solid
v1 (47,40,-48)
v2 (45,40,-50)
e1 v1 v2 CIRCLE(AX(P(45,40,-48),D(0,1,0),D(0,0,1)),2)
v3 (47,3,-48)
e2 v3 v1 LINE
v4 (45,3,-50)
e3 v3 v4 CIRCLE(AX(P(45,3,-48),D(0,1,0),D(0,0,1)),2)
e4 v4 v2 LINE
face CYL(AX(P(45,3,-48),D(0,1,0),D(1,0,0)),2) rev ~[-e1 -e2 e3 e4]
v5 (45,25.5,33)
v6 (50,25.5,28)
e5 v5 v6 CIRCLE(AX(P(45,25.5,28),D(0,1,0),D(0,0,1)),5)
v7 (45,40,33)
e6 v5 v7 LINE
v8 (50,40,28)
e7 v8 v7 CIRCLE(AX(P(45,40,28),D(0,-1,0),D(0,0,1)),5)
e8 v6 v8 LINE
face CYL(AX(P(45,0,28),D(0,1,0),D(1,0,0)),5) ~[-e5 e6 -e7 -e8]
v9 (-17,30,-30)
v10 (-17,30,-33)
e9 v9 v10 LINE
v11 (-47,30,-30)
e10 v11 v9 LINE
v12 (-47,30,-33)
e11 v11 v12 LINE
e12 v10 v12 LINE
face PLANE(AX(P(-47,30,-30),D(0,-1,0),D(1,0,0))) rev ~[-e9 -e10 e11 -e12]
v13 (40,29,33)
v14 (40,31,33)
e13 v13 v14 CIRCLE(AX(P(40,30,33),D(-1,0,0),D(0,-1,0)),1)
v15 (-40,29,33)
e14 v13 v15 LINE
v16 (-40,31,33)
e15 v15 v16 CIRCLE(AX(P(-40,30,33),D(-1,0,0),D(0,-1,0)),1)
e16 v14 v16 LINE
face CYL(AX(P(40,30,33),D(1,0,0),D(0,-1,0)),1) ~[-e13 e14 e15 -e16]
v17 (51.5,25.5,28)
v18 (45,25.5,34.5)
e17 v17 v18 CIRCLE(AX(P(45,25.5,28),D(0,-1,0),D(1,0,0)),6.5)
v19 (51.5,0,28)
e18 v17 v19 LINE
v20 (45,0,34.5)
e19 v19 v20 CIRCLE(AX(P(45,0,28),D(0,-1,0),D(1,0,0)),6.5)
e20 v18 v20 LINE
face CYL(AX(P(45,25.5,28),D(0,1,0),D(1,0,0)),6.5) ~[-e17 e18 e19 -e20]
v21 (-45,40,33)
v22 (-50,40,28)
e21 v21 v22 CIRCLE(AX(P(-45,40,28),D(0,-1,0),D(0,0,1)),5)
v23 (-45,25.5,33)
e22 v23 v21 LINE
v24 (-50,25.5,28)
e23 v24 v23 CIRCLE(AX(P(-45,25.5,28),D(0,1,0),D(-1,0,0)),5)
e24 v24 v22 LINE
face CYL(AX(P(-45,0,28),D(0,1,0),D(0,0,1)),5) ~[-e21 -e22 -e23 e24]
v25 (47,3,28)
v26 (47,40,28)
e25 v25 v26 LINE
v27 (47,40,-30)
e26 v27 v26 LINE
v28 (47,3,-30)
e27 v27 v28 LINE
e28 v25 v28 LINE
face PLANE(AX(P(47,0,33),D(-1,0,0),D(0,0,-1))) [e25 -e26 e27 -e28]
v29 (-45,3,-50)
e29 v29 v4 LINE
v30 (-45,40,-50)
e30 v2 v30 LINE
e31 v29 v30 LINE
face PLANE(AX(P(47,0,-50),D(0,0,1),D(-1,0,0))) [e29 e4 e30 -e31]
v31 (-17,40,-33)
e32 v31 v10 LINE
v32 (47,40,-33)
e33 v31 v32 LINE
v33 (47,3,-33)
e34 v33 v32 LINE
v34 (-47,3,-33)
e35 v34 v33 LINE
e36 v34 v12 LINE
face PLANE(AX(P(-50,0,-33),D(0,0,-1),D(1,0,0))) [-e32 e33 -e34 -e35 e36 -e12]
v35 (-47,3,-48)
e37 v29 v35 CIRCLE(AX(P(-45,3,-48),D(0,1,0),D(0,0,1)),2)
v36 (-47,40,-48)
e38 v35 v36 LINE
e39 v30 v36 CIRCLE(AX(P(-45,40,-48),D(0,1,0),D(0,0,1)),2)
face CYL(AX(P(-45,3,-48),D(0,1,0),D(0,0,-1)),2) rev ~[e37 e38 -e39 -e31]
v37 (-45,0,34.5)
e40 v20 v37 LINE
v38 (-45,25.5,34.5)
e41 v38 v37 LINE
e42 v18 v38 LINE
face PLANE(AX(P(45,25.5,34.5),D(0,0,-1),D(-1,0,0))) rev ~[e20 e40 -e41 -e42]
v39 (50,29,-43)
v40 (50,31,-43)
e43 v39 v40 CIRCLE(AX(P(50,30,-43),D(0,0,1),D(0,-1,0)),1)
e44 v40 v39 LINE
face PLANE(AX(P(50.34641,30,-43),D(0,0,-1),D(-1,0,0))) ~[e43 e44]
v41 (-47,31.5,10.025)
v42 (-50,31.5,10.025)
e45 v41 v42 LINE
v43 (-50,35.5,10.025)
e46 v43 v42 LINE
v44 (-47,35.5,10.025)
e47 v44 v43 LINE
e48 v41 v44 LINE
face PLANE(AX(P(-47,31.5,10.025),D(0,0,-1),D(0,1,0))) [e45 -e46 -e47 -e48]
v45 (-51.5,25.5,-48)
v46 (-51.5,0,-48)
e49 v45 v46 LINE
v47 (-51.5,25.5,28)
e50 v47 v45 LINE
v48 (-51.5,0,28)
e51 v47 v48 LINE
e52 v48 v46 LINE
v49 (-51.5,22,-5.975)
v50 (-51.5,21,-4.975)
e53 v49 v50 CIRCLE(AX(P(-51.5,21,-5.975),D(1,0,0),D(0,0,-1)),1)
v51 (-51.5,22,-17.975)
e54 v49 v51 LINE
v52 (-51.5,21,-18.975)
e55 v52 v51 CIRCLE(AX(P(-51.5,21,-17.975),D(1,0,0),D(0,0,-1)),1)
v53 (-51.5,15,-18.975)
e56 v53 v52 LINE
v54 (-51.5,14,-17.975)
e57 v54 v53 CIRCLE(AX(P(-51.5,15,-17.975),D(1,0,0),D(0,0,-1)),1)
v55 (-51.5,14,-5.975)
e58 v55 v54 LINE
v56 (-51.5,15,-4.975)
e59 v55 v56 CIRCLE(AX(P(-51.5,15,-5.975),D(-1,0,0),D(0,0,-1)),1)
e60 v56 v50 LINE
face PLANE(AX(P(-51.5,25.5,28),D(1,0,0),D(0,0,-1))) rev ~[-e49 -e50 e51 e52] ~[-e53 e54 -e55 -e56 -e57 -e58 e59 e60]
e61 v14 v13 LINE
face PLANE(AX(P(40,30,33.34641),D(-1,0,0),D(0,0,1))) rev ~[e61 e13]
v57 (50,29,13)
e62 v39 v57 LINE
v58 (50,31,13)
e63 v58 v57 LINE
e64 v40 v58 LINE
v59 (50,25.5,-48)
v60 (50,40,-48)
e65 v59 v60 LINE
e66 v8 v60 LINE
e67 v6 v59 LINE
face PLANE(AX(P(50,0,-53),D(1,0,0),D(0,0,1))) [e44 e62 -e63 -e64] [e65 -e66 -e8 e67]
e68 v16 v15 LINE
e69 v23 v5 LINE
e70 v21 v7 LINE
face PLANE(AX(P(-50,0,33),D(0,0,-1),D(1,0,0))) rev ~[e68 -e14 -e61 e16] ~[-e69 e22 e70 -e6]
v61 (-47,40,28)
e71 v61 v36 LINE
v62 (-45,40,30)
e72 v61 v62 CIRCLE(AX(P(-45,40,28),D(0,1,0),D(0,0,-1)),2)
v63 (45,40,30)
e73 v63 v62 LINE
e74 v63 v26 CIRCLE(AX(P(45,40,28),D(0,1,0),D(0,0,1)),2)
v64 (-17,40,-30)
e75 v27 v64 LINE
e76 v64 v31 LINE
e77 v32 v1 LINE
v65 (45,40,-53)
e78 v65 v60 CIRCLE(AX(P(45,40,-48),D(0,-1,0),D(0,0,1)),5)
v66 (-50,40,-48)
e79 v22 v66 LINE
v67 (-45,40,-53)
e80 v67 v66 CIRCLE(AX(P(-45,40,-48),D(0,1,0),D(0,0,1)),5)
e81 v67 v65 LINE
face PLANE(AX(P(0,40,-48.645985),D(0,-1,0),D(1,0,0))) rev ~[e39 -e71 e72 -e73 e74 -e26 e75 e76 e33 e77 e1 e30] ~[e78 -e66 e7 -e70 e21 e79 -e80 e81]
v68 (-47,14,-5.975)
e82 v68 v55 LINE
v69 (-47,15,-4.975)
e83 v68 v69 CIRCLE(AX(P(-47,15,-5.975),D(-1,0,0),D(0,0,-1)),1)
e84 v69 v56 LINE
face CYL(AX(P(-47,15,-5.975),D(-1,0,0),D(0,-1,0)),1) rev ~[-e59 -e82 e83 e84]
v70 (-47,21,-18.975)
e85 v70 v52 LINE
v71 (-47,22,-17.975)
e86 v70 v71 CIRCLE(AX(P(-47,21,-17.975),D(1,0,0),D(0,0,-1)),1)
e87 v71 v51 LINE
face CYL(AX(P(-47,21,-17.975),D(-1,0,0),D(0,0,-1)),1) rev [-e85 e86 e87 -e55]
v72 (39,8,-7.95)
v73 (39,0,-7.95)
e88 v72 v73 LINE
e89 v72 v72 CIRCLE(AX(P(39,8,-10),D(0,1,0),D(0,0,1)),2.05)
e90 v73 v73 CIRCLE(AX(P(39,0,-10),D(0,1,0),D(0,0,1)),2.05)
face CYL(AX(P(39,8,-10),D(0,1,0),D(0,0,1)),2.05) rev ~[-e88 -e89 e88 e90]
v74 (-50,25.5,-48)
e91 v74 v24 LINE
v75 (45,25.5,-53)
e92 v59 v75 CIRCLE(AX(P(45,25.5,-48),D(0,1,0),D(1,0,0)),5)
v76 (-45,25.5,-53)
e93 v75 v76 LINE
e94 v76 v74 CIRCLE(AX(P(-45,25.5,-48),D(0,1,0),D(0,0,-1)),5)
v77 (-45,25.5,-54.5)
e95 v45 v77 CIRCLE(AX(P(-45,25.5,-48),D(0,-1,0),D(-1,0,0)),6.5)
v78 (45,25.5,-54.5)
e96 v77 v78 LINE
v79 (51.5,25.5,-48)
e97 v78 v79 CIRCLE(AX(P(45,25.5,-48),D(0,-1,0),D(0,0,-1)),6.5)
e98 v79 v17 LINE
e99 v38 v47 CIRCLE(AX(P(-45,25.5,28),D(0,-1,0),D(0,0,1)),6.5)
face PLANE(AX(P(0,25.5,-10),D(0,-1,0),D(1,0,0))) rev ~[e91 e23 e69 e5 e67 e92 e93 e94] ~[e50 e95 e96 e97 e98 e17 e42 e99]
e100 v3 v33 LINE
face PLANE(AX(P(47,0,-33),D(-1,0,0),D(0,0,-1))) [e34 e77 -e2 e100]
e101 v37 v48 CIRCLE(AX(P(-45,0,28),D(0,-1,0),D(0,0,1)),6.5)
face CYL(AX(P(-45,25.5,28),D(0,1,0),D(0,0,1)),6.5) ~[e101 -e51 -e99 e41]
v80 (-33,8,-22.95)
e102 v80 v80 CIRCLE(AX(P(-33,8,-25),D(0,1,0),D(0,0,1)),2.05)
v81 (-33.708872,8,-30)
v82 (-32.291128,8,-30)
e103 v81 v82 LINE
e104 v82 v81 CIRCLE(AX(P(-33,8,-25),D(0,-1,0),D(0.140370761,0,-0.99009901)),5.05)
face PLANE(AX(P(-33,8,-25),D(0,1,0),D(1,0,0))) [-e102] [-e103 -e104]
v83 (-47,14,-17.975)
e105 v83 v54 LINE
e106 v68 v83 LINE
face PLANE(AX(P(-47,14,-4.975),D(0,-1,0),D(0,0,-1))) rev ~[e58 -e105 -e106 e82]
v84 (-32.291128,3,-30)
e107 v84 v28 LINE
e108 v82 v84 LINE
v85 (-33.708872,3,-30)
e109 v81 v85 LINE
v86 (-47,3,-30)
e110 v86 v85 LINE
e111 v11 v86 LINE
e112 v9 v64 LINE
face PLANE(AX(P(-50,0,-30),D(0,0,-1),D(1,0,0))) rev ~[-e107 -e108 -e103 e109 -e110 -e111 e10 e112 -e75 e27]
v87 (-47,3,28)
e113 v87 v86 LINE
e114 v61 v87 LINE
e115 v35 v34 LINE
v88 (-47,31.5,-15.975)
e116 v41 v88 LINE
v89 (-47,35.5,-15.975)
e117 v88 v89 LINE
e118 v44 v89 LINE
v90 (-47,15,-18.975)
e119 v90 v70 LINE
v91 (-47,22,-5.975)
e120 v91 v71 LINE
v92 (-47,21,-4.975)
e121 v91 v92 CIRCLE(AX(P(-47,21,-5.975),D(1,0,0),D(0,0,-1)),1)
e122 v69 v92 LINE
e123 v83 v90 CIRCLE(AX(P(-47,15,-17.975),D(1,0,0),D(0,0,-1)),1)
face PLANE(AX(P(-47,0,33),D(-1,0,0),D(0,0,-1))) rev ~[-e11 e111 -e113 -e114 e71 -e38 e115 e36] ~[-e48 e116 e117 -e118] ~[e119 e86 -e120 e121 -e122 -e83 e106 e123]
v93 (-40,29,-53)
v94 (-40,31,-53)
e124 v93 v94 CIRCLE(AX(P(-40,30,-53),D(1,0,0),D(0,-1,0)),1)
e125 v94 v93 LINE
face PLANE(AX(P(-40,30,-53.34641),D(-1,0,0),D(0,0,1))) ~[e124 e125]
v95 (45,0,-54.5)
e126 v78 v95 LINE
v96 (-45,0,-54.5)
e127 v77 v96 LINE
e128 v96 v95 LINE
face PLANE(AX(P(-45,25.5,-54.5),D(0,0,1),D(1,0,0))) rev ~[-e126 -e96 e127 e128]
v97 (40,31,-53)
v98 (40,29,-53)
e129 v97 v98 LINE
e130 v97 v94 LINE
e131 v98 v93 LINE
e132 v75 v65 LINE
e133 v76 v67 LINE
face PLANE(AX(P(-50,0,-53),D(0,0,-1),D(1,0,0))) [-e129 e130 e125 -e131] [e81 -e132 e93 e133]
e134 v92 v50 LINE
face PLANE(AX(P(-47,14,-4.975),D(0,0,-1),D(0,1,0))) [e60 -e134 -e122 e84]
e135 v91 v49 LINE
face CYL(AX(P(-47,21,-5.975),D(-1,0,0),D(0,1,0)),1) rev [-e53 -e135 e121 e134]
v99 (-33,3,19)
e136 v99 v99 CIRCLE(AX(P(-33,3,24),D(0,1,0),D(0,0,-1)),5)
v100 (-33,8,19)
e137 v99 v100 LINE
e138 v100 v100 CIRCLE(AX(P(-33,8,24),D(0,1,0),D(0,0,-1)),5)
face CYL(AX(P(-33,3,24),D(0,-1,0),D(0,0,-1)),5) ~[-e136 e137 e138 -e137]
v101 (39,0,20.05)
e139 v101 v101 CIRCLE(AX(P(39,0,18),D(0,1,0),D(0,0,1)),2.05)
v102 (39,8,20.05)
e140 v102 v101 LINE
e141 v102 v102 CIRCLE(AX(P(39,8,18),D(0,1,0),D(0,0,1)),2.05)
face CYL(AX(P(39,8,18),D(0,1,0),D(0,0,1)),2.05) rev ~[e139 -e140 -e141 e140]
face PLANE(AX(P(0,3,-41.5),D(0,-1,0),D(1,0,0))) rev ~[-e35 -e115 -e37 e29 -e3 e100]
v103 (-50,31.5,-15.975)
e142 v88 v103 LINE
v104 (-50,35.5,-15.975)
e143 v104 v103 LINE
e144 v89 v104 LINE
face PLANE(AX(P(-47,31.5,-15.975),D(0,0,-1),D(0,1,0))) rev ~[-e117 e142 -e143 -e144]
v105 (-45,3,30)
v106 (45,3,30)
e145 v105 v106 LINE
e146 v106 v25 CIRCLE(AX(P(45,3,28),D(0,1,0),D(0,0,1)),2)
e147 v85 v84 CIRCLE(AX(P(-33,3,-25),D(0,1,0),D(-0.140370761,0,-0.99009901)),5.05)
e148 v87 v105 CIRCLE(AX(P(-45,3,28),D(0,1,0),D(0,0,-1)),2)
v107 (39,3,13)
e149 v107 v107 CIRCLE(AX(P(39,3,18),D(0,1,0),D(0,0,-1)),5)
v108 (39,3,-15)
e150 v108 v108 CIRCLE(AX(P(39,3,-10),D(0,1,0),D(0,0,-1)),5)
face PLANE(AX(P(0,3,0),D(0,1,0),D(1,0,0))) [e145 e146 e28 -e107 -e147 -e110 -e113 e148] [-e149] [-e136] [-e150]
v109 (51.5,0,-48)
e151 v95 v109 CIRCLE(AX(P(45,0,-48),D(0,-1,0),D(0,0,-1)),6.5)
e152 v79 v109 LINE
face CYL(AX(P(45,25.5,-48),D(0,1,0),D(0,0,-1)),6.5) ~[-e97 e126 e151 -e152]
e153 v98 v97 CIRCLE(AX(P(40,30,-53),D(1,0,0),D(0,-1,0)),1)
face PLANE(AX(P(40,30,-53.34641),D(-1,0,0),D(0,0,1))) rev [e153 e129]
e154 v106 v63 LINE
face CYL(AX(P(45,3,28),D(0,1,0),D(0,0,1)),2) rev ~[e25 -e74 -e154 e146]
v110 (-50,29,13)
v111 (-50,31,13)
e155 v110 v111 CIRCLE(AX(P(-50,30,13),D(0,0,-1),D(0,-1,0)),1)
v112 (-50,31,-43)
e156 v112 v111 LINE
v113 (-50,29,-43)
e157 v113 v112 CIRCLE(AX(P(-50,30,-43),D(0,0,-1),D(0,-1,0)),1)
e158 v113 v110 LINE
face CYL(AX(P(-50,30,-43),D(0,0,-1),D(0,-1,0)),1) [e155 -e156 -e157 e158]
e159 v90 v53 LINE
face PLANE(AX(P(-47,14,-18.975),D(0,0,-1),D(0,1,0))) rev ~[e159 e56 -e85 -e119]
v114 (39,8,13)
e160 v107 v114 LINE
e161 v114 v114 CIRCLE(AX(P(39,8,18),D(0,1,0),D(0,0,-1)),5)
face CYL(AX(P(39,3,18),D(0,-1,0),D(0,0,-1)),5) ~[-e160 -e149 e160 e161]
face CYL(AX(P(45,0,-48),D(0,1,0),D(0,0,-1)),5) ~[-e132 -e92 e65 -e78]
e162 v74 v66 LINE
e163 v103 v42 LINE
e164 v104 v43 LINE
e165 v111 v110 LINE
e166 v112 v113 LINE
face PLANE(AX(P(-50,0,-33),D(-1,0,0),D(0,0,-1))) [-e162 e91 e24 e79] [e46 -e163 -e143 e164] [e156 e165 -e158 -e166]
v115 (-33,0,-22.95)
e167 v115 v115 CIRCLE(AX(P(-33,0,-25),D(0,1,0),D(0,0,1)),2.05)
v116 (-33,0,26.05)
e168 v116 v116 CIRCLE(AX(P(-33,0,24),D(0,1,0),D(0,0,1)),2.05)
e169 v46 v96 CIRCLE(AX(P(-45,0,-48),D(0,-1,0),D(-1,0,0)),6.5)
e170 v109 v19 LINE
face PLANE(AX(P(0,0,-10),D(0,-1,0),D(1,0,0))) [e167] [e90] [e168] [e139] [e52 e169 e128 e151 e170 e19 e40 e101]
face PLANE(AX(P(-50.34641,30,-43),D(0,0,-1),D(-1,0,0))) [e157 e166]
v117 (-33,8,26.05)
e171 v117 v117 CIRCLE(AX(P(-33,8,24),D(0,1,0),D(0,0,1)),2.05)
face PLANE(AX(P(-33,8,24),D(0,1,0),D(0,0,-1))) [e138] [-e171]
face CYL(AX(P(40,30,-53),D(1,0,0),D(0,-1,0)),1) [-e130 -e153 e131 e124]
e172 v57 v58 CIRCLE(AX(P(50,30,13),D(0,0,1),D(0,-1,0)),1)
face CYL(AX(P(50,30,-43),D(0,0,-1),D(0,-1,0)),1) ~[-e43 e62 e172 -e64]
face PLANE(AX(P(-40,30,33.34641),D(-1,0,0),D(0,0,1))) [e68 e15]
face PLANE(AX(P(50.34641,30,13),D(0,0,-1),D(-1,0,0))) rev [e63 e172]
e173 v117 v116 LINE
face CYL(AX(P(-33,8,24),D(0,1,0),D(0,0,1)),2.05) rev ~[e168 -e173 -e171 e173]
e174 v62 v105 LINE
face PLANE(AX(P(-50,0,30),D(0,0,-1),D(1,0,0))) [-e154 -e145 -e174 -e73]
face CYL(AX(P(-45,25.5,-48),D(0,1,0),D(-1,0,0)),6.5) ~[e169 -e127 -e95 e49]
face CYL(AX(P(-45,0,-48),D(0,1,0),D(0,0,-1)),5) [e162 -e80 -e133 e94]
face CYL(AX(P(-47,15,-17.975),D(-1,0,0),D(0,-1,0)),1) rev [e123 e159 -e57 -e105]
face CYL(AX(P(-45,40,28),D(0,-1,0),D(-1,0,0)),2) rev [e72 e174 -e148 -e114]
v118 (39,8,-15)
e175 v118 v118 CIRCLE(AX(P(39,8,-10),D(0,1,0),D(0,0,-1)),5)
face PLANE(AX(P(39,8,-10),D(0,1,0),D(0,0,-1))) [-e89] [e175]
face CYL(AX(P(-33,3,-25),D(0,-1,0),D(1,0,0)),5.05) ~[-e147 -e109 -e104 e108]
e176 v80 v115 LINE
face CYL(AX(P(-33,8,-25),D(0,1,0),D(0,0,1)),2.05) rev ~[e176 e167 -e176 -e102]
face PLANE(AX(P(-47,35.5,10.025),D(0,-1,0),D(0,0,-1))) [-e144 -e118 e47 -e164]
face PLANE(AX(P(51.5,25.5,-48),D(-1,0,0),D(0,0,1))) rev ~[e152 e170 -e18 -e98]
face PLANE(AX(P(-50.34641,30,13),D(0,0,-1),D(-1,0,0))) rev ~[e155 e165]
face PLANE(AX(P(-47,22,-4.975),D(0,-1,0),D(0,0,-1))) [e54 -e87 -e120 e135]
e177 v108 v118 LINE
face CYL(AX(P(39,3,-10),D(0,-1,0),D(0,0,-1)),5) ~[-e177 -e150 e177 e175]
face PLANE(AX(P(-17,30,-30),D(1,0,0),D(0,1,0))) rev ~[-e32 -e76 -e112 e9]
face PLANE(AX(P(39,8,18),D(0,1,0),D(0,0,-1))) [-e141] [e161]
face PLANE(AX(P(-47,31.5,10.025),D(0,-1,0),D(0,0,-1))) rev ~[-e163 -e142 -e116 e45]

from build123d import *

# Parameters (mm, degrees)
ESQUISSE1_W             = 100
ESQUISSE1_H             = 66
BOSS_EXTRU_1_DEPTH      = 40
COQUE1_T                = -3
BOSS_EXTRU_2_DEPTH      = 40
ESQUISSE3_W             = 94
ESQUISSE3_H             = 17
BOSS_EXTRU_3_DEPTH      = 3
CONG_1_R                = 2
CONG_2_R                = 5
BOSS_EXTRU_4_START      = -10
BOSS_EXTRU_4_DEPTH      = 80
BOSS_EXTRU_5_START      = -10
BOSS_EXTRU_5_DEPTH      = 56
ESQUISSE6_W             = 30
ESQUISSE6_H             = 10
ENL_V_MAT_EXTRU_1_DEPTH = 5
ESQUISSE7_R             = 5.05
ESQUISSE7_R_2           = 5
BOSS_EXTRU_6_DEPTH      = 5
ESQUISSE8_R             = 2.05
ENL_V_MAT_EXTRU_2_DEPTH = 81.876448982
BOSS_EXTRU_7_START      = -25.5
BOSS_EXTRU_7_DEPTH      = 25.5
ESQUISSE11_W            = 14
ESQUISSE11_H            = 8
ENL_V_MAT_EXTRU_4_DEPTH = 10
CONG_3_R                = 1
ESQUISSE12_W            = 26
ESQUISSE12_H            = 4
ENL_V_MAT_EXTRU_5_DEPTH = 10


with BuildPart() as part:
    # Esquisse1 → Boss.-Extru.1 (new body)
    with BuildSketch(Plane(origin=(0, 0, 0), x_dir=(1, 0, 0), z_dir=(0, 1, 0))):
        Rectangle(ESQUISSE1_W, ESQUISSE1_H)
    extrude(amount=BOSS_EXTRU_1_DEPTH)

    # Coque1
    coque1_openings = [part.faces().sort_by_distance(p)[0] for p in [
        (0, 40, 0),
    ]]
    offset(amount=COQUE1_T, openings=coque1_openings, kind=Kind.INTERSECTION)

    # Esquisse2 → Boss.-Extru.2 (add)
    with BuildSketch(Plane.XZ):
        Polygon((-50, -33), (-50, -53), (50, -53), (50, -33), (47, -33), (47, -50), (-47, -50), (-47, -33), align=None)
    extrude(amount=-BOSS_EXTRU_2_DEPTH)

    # Esquisse3 → Boss.-Extru.3 (add)
    with BuildSketch(Plane.XZ):
        with Locations((0, -41.5)):
            Rectangle(ESQUISSE3_W, ESQUISSE3_H)
    extrude(amount=-BOSS_EXTRU_3_DEPTH)

    # Congé1
    cong_1_edges = [part.edges().sort_by_distance(p)[0] for p in [
        (47, 21.5, 30),
        (-47, 21.5, 30),
        (-47, 21.5, -50),
        (47, 21.5, -50),
    ]]
    fillet(cong_1_edges, radius=CONG_1_R)

    # Congé2
    cong_2_edges = [part.edges().sort_by_distance(p)[0] for p in [
        (50, 20, -53),
        (-50, 20, -53),
        (50, 20, 33),
        (-50, 20, 33),
    ]]
    fillet(cong_2_edges, radius=CONG_2_R)

    # Esquisse4 → Boss.-Extru.4 (add)
    with BuildSketch(Plane(origin=(50, 0, 0), x_dir=(0, 0, -1), z_dir=(1, 0, 0)).offset(BOSS_EXTRU_4_START)):
        with BuildLine():
            Line((-33, 31), (-33, 29))
            ThreePointArc((-33, 29), (-34, 30), (-33, 31))
        make_face()
    boss_extru_4 = extrude(amount=-BOSS_EXTRU_4_DEPTH)

    # Symétrie1: Boss.-Extru.4 across plane
    add(boss_extru_4.mirror(Plane(origin=(0, 0, -10), x_dir=(1, 0, 0), z_dir=(0, 0, -1))))

    # Esquisse5 → Boss.-Extru.5 (add)
    with BuildSketch(Plane(origin=(0, 0, -53), x_dir=(-1, 0, 0), z_dir=(0, 0, -1)).offset(BOSS_EXTRU_5_START)):
        with BuildLine():
            Line((50, 31), (50, 29))
            ThreePointArc((50, 29), (51, 30), (50, 31))
        make_face()
    boss_extru_5 = extrude(amount=-BOSS_EXTRU_5_DEPTH)

    # Symétrie2: Boss.-Extru.5 across plane
    add(boss_extru_5.mirror(Plane(origin=(0, 0, 0), x_dir=(0, 0, 1), z_dir=(1, 0, 0))))

    # Esquisse6 → Enlèv. mat.-Extru.1 (cut)
    with BuildSketch(Plane.XY.offset(-30)):
        with Locations((-32, 35)):
            Rectangle(ESQUISSE6_W, ESQUISSE6_H)
    extrude(amount=-ENL_V_MAT_EXTRU_1_DEPTH, mode=Mode.SUBTRACT)

    # Esquisse7 → Boss.-Extru.6 (add)
    with BuildSketch(Plane(origin=(0, 3, 0), x_dir=(1, 0, 0), z_dir=(0, 1, 0))):
        with Locations((-33, 25)):
            Circle(ESQUISSE7_R)
        with Locations(Location((-33, -24, 0), (0, 0, 90))):
            Circle(ESQUISSE7_R_2)
        with Locations(Location((39, -18, 0), (0, 0, 90))):
            Circle(ESQUISSE7_R_2)
        with Locations(Location((39, 10, 0), (0, 0, 90))):
            Circle(ESQUISSE7_R_2)
    extrude(amount=BOSS_EXTRU_6_DEPTH)

    # Esquisse8 → Enlèv. mat.-Extru.2 (cut, through all)
    with BuildSketch(Plane(origin=(0, 8, 0), x_dir=(1, 0, 0), z_dir=(0, 1, 0))):
        with Locations(Location((-33, 25, 0), (0, 0, 270))):
            Circle(ESQUISSE8_R)
        with Locations(Location((-33, -24, 0), (0, 0, 270))):
            Circle(ESQUISSE8_R)
        with Locations(Location((39, 10, 0), (0, 0, 270))):
            Circle(ESQUISSE8_R)
        with Locations(Location((39, -18, 0), (0, 0, 270))):
            Circle(ESQUISSE8_R)
    extrude(amount=-ENL_V_MAT_EXTRU_2_DEPTH, mode=Mode.SUBTRACT)

    # Esquisse10 → Boss.-Extru.7 (add)
    with BuildSketch(Plane.XZ.offset(BOSS_EXTRU_7_START)):
        with BuildLine():
            Line((-51.5, 28), (-51.5, -48))
            ThreePointArc((-51.5, -48), (-49.596194078, -52.596194078), (-45, -54.5))
            Line((-45, -54.5), (45, -54.5))
            ThreePointArc((45, -54.5), (49.596194078, -52.596194078), (51.5, -48))
            Line((51.5, -48), (51.5, 28))
            ThreePointArc((51.5, 28), (49.596194078, 32.596194078), (45, 34.5))
            Line((45, 34.5), (-45, 34.5))
            ThreePointArc((-45, 34.5), (-49.596194078, 32.596194078), (-51.5, 28))
        make_face()
        with BuildLine():
            Line((50, 28), (50, -48))
            ThreePointArc((50, -48), (48.535533906, -51.535533906), (45, -53))
            Line((45, -53), (-45, -53))
            ThreePointArc((-45, -53), (-48.535533906, -51.535533906), (-50, -48))
            Line((-50, -48), (-50, 28))
            ThreePointArc((-50, 28), (-48.535533906, 31.535533906), (-45, 33))
            Line((-45, 33), (45, 33))
            ThreePointArc((45, 33), (48.535533906, 31.535533906), (50, 28))
        make_face(mode=Mode.SUBTRACT)
    extrude(amount=BOSS_EXTRU_7_DEPTH)

    # Esquisse11 → Enlèv. mat.-Extru.4 (cut)
    with BuildSketch(Plane(origin=(-47, 0, 0), x_dir=(0, 0, -1), z_dir=(1, 0, 0))):
        with Locations((11.975, 18)):
            Rectangle(ESQUISSE11_W, ESQUISSE11_H)
    extrude(amount=-ENL_V_MAT_EXTRU_4_DEPTH, mode=Mode.SUBTRACT)

    # Congé3
    cong_3_edges = [part.edges().sort_by_distance(p)[0] for p in [
        (-49.25, 22, -18.975),
        (-49.25, 14, -18.975),
        (-49.25, 14, -4.975),
        (-49.25, 22, -4.975),
    ]]
    fillet(cong_3_edges, radius=CONG_3_R)

    # Esquisse12 → Enlèv. mat.-Extru.5 (cut)
    with BuildSketch(Plane(origin=(-47, 0, 0), x_dir=(0, 0, -1), z_dir=(1, 0, 0))):
        with Locations((2.975, 33.5)):
            Rectangle(ESQUISSE12_W, ESQUISSE12_H)
    extrude(amount=-ENL_V_MAT_EXTRU_5_DEPTH, mode=Mode.SUBTRACT)


solid = part.part
